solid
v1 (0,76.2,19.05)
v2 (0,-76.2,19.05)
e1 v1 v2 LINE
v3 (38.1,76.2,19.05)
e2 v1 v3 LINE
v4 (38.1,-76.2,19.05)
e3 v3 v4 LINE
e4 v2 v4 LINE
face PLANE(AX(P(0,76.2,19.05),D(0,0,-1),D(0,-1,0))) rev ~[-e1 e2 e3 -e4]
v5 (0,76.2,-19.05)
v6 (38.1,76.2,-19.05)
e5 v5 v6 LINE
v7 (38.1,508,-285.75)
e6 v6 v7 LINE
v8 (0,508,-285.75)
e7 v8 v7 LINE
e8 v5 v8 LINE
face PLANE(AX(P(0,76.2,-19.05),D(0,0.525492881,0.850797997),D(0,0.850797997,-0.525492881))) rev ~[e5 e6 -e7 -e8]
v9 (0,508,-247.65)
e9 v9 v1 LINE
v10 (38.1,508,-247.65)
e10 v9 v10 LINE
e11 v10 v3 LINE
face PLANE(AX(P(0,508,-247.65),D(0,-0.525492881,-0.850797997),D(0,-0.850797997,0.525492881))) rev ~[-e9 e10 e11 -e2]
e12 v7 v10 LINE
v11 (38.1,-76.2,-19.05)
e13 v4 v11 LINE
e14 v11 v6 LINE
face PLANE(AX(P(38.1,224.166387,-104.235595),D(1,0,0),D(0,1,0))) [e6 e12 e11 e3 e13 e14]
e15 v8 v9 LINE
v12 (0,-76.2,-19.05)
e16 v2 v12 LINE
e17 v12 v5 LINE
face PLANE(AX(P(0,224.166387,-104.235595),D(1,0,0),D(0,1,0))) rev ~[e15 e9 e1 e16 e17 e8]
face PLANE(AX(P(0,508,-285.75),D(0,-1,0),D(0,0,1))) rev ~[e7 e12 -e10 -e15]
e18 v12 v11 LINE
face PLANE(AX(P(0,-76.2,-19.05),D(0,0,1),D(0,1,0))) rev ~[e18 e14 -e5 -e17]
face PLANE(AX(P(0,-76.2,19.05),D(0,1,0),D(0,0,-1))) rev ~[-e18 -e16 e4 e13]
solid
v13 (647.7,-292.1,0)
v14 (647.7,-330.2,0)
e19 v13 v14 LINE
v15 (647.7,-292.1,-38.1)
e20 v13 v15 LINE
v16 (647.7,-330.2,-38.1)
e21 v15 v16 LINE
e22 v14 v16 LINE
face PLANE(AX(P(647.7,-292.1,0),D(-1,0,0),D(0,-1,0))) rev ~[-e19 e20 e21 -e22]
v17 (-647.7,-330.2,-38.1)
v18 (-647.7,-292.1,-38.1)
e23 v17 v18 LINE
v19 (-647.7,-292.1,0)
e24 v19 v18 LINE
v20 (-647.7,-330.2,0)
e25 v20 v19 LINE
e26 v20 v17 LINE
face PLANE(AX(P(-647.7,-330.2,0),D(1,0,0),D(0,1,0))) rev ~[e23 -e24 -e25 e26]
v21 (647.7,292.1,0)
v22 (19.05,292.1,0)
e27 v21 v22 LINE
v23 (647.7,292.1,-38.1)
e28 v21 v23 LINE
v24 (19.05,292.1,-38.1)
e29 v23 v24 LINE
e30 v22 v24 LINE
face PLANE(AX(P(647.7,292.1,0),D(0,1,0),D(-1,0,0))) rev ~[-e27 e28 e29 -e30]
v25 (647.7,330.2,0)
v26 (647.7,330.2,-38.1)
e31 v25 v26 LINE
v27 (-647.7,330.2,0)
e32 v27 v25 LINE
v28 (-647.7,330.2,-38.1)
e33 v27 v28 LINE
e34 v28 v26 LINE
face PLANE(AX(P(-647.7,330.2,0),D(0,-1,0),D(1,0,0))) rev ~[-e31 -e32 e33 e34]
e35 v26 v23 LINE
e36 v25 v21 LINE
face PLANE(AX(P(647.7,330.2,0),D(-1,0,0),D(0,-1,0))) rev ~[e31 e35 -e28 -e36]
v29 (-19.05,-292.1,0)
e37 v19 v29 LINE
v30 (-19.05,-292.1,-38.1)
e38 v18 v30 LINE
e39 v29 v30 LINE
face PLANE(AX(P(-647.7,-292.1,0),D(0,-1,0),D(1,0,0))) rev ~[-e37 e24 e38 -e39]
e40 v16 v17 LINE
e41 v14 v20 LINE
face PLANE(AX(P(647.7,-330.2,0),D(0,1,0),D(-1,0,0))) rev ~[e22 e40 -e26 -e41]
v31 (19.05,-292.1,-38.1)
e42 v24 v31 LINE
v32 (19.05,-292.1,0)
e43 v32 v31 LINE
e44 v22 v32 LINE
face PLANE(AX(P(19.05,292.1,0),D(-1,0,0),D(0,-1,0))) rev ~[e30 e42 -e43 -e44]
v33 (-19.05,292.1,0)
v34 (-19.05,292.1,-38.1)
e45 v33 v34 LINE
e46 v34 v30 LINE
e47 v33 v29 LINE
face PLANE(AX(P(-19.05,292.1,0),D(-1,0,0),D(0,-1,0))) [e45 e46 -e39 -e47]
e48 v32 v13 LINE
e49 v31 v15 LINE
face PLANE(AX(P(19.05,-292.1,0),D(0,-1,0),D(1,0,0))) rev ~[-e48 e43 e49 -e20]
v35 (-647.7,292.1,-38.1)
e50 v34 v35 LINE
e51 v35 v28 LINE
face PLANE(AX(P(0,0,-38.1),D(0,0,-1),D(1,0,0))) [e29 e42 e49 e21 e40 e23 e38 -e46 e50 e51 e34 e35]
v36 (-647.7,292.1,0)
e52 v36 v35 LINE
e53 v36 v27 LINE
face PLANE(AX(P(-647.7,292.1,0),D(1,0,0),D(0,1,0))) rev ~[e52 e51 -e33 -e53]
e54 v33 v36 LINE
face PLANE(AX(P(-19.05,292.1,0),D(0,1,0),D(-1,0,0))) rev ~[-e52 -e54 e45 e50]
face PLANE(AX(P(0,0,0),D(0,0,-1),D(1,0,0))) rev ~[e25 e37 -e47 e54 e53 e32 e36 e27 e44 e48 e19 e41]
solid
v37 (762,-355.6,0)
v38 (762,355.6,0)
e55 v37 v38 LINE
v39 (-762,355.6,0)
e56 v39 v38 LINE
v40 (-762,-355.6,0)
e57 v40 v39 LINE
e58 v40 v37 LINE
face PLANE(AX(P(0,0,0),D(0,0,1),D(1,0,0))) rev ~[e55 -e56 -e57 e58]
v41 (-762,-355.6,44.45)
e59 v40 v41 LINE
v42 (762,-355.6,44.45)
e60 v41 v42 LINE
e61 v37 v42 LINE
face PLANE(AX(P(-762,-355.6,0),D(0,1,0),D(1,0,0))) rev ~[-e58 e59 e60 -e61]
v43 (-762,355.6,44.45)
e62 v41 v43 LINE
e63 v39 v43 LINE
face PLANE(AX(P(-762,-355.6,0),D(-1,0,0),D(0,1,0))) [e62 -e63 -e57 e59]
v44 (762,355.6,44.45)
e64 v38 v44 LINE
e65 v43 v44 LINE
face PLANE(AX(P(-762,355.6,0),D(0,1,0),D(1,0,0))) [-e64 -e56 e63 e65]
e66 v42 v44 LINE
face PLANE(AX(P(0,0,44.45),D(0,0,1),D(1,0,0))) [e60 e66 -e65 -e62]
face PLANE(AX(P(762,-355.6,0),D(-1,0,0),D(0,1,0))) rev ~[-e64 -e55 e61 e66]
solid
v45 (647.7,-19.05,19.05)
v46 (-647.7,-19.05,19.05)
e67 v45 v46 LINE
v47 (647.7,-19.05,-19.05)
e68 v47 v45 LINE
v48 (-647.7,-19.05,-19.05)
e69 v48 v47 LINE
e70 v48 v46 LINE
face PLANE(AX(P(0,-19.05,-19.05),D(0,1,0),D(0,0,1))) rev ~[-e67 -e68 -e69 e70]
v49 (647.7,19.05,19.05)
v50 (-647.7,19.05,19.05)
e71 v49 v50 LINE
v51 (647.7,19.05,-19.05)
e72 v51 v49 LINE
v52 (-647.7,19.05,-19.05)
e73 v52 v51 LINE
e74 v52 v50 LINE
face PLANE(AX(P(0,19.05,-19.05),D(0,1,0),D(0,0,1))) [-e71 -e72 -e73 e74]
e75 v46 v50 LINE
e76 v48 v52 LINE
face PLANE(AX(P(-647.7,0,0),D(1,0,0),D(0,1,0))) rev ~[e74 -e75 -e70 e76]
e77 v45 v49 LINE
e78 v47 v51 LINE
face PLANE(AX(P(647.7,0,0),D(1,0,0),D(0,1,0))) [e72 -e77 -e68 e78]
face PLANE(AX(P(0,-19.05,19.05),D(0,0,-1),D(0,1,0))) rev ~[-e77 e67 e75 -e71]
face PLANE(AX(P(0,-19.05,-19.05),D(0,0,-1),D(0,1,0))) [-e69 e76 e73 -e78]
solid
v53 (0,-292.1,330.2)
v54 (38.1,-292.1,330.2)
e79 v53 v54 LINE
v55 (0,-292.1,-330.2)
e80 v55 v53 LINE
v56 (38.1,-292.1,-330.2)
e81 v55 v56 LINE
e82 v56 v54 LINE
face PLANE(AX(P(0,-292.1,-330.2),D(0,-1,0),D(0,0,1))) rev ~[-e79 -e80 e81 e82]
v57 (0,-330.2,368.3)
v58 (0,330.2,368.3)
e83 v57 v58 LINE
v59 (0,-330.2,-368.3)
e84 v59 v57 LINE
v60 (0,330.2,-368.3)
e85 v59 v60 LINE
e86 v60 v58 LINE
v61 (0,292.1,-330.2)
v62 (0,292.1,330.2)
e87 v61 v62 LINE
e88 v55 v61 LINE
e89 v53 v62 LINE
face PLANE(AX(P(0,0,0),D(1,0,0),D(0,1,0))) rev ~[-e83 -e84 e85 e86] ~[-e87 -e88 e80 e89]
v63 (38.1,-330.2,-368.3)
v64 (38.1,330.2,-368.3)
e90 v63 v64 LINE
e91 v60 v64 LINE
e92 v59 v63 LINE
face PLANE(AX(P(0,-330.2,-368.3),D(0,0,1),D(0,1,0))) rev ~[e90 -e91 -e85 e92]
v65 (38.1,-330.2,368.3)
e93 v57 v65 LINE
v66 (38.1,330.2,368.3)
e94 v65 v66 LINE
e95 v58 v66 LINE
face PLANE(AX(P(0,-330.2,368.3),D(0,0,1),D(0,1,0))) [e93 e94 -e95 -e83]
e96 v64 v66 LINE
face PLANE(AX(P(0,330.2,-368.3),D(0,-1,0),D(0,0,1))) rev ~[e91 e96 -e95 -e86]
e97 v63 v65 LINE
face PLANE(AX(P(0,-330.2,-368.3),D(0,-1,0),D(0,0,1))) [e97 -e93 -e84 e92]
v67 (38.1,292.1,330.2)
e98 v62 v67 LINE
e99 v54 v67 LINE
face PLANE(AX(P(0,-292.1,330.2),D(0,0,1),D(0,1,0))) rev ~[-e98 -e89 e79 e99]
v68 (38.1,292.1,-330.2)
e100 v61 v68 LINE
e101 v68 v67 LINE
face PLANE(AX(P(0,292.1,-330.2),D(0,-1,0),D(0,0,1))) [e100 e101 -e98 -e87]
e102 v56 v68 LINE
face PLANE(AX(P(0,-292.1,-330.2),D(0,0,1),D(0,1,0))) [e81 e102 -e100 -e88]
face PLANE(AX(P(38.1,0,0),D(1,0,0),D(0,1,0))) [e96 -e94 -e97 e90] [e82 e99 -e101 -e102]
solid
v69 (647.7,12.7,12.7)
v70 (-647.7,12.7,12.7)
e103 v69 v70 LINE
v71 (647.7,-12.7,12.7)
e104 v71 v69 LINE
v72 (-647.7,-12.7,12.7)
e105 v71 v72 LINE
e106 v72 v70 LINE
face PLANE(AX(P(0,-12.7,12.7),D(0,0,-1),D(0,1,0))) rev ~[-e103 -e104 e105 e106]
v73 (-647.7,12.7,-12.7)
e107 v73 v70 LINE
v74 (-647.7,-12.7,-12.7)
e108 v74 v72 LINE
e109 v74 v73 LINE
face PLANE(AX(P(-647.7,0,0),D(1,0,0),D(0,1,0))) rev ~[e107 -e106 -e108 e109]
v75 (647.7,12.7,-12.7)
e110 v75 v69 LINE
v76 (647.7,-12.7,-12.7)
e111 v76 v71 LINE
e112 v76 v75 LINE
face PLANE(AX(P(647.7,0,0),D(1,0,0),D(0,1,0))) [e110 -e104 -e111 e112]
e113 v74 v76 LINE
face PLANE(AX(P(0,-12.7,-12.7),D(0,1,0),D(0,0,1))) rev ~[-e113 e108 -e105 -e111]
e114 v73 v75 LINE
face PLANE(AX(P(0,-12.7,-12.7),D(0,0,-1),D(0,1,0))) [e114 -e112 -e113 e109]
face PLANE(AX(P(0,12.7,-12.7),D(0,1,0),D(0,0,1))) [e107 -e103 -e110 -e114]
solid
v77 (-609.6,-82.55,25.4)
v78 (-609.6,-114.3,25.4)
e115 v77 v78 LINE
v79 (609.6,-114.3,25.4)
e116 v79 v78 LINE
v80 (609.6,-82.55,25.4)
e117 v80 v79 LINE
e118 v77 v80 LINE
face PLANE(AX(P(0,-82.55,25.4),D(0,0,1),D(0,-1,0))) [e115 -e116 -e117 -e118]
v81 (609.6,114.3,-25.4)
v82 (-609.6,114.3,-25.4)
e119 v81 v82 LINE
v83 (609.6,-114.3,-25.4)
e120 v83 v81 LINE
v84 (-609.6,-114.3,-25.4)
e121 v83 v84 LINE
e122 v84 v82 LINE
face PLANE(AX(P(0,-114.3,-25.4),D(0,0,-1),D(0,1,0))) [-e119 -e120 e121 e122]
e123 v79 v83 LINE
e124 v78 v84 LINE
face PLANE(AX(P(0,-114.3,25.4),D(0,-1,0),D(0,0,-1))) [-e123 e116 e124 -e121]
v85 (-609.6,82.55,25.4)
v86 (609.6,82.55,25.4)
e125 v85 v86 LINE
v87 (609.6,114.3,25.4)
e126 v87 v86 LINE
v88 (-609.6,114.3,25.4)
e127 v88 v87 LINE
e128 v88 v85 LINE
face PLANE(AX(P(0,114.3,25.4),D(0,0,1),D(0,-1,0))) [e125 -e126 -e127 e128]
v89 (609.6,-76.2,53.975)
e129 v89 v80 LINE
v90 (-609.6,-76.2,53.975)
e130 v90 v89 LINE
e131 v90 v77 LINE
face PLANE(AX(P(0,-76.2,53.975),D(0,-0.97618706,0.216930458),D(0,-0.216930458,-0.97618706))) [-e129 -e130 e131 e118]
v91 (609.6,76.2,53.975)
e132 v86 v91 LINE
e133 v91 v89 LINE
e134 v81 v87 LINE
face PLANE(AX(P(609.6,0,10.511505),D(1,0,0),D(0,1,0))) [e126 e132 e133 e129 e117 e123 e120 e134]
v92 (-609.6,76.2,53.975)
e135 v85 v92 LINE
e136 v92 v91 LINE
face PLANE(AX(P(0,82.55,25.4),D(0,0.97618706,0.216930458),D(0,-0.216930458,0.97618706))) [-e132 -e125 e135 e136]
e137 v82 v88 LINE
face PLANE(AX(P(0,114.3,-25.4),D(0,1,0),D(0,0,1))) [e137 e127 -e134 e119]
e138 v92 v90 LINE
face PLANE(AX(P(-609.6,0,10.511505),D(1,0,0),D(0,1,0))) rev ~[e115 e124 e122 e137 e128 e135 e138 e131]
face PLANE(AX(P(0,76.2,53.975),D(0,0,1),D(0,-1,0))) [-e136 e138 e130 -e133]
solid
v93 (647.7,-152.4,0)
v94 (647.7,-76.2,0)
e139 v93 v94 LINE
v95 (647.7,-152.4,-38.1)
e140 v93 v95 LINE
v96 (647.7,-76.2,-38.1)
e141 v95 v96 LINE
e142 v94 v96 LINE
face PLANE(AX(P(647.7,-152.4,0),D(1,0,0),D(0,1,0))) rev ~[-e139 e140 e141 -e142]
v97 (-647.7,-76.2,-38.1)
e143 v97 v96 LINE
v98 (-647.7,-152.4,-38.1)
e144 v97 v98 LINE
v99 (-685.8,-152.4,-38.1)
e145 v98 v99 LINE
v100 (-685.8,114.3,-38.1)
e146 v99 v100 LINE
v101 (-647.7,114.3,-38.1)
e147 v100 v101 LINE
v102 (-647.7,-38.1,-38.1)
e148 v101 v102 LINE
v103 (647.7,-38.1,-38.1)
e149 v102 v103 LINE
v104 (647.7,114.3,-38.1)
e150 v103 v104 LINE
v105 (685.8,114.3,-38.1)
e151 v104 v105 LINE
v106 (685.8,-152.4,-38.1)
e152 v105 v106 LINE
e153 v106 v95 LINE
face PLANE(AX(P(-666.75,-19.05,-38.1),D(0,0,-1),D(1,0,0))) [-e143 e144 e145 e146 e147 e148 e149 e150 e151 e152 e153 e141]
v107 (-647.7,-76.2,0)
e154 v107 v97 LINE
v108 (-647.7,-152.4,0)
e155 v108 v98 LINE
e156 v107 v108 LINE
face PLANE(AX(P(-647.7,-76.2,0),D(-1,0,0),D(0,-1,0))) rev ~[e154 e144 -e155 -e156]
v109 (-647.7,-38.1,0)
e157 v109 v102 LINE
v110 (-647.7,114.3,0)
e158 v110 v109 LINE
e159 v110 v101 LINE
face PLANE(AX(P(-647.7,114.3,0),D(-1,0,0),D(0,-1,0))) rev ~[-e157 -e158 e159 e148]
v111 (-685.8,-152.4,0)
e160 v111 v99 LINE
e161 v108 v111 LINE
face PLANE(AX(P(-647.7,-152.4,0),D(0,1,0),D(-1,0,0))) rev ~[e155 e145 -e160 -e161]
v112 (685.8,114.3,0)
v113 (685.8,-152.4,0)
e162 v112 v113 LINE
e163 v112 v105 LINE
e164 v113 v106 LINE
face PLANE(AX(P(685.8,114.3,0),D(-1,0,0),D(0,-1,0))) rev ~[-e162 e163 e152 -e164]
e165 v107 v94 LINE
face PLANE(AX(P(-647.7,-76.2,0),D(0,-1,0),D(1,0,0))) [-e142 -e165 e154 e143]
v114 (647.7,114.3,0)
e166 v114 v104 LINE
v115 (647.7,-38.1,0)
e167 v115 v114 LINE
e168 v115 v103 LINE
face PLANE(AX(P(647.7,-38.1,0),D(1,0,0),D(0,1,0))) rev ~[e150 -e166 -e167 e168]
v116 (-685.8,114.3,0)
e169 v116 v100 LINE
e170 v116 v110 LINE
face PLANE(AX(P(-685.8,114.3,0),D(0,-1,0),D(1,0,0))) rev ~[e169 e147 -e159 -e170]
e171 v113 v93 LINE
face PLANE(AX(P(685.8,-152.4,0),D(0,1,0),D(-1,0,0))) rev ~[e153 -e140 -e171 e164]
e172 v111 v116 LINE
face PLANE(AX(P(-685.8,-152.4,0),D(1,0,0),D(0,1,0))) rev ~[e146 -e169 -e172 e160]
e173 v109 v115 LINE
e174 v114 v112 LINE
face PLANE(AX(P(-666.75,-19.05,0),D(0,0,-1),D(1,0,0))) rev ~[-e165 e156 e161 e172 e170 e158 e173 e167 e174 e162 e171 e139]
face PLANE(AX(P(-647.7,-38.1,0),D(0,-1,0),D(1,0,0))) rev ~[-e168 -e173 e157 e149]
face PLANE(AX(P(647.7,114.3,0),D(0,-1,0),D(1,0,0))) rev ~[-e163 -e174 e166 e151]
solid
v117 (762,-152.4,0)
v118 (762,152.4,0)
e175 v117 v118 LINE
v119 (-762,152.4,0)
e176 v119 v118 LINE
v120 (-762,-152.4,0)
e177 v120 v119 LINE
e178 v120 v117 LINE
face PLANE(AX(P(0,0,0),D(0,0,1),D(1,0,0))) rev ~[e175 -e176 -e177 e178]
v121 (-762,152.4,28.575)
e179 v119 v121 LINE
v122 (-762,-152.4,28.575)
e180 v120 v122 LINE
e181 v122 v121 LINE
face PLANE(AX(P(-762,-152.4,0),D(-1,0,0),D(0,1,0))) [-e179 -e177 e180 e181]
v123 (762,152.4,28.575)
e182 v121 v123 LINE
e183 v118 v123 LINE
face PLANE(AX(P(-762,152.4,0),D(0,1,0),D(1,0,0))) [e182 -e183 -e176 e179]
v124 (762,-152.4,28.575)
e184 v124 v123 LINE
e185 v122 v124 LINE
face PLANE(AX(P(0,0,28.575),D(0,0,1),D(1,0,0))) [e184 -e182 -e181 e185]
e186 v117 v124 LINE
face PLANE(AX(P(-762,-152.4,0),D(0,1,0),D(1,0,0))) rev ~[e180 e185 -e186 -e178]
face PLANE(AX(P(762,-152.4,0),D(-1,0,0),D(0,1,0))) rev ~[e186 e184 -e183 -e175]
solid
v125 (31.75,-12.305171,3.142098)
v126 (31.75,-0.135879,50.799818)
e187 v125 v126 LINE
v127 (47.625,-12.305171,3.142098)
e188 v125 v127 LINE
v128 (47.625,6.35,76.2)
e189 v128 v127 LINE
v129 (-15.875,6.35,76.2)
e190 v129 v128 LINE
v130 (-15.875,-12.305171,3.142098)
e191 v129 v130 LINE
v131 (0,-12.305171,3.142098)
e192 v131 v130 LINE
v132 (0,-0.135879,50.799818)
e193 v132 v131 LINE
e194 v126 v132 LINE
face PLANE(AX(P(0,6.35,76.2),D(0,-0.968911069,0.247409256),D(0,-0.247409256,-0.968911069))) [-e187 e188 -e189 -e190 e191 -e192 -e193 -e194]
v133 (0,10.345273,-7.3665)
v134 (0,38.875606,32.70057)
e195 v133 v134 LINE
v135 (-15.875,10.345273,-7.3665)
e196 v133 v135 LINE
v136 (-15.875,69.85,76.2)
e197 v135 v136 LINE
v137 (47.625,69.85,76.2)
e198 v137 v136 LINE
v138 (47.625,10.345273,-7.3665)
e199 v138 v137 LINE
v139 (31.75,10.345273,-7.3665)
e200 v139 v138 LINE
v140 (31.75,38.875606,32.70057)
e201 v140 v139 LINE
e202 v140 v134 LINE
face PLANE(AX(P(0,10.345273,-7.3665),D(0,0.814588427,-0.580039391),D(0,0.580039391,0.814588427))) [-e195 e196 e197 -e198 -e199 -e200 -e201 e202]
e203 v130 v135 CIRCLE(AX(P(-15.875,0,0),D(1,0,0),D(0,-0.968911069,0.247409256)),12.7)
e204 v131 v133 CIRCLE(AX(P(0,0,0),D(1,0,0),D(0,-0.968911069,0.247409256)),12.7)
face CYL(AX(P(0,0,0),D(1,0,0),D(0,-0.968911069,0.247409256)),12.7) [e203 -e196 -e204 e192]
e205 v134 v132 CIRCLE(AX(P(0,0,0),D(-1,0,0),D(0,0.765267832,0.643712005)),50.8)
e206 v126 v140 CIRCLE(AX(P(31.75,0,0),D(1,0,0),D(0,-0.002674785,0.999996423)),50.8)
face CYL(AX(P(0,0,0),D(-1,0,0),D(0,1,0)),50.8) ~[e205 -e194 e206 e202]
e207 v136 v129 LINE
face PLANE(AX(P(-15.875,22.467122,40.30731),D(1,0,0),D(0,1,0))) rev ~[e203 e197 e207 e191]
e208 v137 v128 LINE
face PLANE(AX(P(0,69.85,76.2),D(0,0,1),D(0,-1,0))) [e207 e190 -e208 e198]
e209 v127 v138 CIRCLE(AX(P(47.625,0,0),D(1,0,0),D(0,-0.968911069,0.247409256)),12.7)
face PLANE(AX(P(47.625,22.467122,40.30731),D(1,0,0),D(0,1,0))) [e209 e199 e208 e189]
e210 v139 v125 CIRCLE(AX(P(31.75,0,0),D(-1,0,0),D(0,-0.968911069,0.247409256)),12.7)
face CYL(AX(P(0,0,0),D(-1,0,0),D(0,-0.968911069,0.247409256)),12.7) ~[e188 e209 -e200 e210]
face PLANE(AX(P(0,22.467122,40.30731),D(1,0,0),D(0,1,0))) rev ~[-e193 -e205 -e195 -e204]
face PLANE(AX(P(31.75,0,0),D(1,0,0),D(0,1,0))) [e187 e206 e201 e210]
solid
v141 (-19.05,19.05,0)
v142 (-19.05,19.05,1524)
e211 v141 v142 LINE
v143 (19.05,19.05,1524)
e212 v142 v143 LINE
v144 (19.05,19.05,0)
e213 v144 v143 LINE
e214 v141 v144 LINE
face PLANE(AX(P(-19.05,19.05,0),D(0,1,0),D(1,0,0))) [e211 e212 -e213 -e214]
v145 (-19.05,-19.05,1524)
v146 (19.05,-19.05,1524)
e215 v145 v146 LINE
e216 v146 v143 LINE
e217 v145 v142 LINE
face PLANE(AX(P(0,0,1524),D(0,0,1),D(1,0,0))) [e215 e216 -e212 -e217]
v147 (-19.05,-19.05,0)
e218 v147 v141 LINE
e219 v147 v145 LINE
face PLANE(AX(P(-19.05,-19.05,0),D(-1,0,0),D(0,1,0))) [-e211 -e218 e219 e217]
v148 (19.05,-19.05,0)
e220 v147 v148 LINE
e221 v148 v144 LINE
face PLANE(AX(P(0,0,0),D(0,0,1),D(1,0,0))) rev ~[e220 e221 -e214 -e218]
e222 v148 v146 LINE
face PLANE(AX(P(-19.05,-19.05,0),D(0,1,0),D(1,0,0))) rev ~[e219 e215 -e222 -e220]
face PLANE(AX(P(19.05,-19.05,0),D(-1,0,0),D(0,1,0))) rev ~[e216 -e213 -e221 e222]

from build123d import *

# Parameters (mm, degrees)
F0_W           = 1524
F0_H           = 711.2
F1_DEPTH       = 44.45
F2_W           = 38.1
F2_H           = 584.2
F3_DEPTH       = 38.1
F4_W           = 660.4
F4_H           = 736.6
F4_W_2         = 584.2
F4_H_2         = 660.4
F5_DEPTH       = 38.1
F6_W           = 38.1
F6_H           = 38.1
F7_DEPTH       = 647.7
F8_W           = 38.1
F8_H           = 38.1
F9_DEPTH       = 1524
F10_W          = 1524
F10_H          = 304.8
F11_DEPTH      = 28.575
F12_W          = 1295.4
F12_H          = 38.1
F13_DEPTH      = 38.1
F15_DEPTH      = 38.1
F16_W          = 25.4
F16_H          = 25.4
F17_DEPTH      = 647.7
F19_DEPTH      = 609.6
F20_R          = 50.8
F21_DEPTH      = 31.75
F23_DEPTH      = 47.625
F23_DEPTH_BACK = 15.875


with BuildPart() as f1:
    # F0 (on Top) → F1 (new body)
    with BuildSketch(Plane.XY):
        Rectangle(F0_W, F0_H)
    extrude(amount=F1_DEPTH)


with BuildPart() as f3:
    # F2 (on face) → F3 (new body)
    with BuildSketch(Plane(origin=(0, 0, 0), x_dir=(1, 0, 0), z_dir=(0, 0, -1))):
        Rectangle(F2_W, F2_H)
        Polygon((647.7, -292.1), (19.05, -292.1), (-19.05, -292.1), (-647.7, -292.1), (-647.7, -330.2), (647.7, -330.2), align=None)
        Polygon((-19.05, 292.1), (19.05, 292.1), (647.7, 292.1), (647.7, 330.2), (-647.7, 330.2), (-647.7, 292.1), align=None)
    extrude(amount=F3_DEPTH)


with BuildPart() as f5:
    # F4 (on Right) → F5 (new body)
    with BuildSketch(Plane.YZ):
        Rectangle(F4_W, F4_H)
        Rectangle(F4_W_2, F4_H_2, mode=Mode.SUBTRACT)
    extrude(amount=F5_DEPTH)


with BuildPart() as f7:
    # F6 (on Right) → F7 (new body, symmetric)
    with BuildSketch(Plane.YZ):
        Rectangle(F6_W, F6_H)
    extrude(amount=F7_DEPTH, both=True)


with BuildPart() as f9:
    # F8 (on Top) → F9 (new body)
    with BuildSketch(Plane.XY):
        Rectangle(F8_W, F8_H)
    extrude(amount=F9_DEPTH)


with BuildPart() as f11:
    # F10 (on Top) → F11 (new body)
    with BuildSketch(Plane.XY):
        Rectangle(F10_W, F10_H)
    extrude(amount=F11_DEPTH)


with BuildPart() as f13:
    # F12 (on face) → F13 (new body)
    with BuildSketch(Plane(origin=(0, 0, 0), x_dir=(1, 0, 0), z_dir=(0, 0, -1))):
        Polygon((-647.7, 38.1), (-647.7, 76.2), (-647.7, 152.4), (-685.8, 152.4), (-685.8, -114.3), (-647.7, -114.3), align=None)
        Polygon((647.7, 152.4), (647.7, 76.2), (647.7, 38.1), (647.7, -114.3), (685.8, -114.3), (685.8, 152.4), align=None)
        with Locations((0, 57.15)):
            Rectangle(F12_W, F12_H)
    extrude(amount=F13_DEPTH)


with BuildPart() as f15:
    # F14 (on Right) → F15 (new body)
    with BuildSketch(Plane.YZ):
        Polygon((76.2, 19.05), (-76.2, 19.05), (-76.2, -19.05), (76.2, -19.05), (508, -285.75), (508, -247.65), align=None)
    extrude(amount=F15_DEPTH)


with BuildPart() as f17:
    # F16 (on Right) → F17 (new body, symmetric)
    with BuildSketch(Plane.YZ):
        Rectangle(F16_W, F16_H)
    extrude(amount=F17_DEPTH, both=True)


with BuildPart() as f19:
    # F18 (on Right) → F19 (new body, symmetric)
    with BuildSketch(Plane.YZ):
        Polygon((114.3, -25.4), (114.3, 25.4), (82.55, 25.4), (76.2, 53.975), (0, 53.975), (-76.2, 53.975), (-82.55, 25.4), (-114.3, 25.4), (-114.3, -25.4), align=None)
    extrude(amount=F19_DEPTH, both=True)


with BuildPart() as f21:
    # F20 (on Right) → F21 (new body)
    with BuildSketch(Plane.YZ):
        Circle(F20_R)
    extrude(amount=F21_DEPTH)

    # F22 (on Right) → F23 (join, two sides)
    with BuildSketch(Plane.YZ) as f23_sk:
        with BuildLine():
            Line((69.85, 76.2), (38.1, 76.2))
            Line((38.1, 76.2), (6.35, 76.2))
            Line((6.35, 76.2), (-12.3051705798, 3.1420975483))
            ThreePointArc((-12.3051705798, 3.1420975483), (-5.3449000573, -11.5205053439), (10.3452730182, -7.3665002667))
            Line((10.3452730182, -7.3665002667), (69.85, 76.2))
        make_face()
    extrude(amount=F23_DEPTH)
    extrude(f23_sk.sketch, amount=-F23_DEPTH_BACK)


solid = Compound([f1.part, f3.part, f5.part, f7.part, f9.part, f11.part, f13.part, f15.part, f17.part, f19.part, f21.part])
